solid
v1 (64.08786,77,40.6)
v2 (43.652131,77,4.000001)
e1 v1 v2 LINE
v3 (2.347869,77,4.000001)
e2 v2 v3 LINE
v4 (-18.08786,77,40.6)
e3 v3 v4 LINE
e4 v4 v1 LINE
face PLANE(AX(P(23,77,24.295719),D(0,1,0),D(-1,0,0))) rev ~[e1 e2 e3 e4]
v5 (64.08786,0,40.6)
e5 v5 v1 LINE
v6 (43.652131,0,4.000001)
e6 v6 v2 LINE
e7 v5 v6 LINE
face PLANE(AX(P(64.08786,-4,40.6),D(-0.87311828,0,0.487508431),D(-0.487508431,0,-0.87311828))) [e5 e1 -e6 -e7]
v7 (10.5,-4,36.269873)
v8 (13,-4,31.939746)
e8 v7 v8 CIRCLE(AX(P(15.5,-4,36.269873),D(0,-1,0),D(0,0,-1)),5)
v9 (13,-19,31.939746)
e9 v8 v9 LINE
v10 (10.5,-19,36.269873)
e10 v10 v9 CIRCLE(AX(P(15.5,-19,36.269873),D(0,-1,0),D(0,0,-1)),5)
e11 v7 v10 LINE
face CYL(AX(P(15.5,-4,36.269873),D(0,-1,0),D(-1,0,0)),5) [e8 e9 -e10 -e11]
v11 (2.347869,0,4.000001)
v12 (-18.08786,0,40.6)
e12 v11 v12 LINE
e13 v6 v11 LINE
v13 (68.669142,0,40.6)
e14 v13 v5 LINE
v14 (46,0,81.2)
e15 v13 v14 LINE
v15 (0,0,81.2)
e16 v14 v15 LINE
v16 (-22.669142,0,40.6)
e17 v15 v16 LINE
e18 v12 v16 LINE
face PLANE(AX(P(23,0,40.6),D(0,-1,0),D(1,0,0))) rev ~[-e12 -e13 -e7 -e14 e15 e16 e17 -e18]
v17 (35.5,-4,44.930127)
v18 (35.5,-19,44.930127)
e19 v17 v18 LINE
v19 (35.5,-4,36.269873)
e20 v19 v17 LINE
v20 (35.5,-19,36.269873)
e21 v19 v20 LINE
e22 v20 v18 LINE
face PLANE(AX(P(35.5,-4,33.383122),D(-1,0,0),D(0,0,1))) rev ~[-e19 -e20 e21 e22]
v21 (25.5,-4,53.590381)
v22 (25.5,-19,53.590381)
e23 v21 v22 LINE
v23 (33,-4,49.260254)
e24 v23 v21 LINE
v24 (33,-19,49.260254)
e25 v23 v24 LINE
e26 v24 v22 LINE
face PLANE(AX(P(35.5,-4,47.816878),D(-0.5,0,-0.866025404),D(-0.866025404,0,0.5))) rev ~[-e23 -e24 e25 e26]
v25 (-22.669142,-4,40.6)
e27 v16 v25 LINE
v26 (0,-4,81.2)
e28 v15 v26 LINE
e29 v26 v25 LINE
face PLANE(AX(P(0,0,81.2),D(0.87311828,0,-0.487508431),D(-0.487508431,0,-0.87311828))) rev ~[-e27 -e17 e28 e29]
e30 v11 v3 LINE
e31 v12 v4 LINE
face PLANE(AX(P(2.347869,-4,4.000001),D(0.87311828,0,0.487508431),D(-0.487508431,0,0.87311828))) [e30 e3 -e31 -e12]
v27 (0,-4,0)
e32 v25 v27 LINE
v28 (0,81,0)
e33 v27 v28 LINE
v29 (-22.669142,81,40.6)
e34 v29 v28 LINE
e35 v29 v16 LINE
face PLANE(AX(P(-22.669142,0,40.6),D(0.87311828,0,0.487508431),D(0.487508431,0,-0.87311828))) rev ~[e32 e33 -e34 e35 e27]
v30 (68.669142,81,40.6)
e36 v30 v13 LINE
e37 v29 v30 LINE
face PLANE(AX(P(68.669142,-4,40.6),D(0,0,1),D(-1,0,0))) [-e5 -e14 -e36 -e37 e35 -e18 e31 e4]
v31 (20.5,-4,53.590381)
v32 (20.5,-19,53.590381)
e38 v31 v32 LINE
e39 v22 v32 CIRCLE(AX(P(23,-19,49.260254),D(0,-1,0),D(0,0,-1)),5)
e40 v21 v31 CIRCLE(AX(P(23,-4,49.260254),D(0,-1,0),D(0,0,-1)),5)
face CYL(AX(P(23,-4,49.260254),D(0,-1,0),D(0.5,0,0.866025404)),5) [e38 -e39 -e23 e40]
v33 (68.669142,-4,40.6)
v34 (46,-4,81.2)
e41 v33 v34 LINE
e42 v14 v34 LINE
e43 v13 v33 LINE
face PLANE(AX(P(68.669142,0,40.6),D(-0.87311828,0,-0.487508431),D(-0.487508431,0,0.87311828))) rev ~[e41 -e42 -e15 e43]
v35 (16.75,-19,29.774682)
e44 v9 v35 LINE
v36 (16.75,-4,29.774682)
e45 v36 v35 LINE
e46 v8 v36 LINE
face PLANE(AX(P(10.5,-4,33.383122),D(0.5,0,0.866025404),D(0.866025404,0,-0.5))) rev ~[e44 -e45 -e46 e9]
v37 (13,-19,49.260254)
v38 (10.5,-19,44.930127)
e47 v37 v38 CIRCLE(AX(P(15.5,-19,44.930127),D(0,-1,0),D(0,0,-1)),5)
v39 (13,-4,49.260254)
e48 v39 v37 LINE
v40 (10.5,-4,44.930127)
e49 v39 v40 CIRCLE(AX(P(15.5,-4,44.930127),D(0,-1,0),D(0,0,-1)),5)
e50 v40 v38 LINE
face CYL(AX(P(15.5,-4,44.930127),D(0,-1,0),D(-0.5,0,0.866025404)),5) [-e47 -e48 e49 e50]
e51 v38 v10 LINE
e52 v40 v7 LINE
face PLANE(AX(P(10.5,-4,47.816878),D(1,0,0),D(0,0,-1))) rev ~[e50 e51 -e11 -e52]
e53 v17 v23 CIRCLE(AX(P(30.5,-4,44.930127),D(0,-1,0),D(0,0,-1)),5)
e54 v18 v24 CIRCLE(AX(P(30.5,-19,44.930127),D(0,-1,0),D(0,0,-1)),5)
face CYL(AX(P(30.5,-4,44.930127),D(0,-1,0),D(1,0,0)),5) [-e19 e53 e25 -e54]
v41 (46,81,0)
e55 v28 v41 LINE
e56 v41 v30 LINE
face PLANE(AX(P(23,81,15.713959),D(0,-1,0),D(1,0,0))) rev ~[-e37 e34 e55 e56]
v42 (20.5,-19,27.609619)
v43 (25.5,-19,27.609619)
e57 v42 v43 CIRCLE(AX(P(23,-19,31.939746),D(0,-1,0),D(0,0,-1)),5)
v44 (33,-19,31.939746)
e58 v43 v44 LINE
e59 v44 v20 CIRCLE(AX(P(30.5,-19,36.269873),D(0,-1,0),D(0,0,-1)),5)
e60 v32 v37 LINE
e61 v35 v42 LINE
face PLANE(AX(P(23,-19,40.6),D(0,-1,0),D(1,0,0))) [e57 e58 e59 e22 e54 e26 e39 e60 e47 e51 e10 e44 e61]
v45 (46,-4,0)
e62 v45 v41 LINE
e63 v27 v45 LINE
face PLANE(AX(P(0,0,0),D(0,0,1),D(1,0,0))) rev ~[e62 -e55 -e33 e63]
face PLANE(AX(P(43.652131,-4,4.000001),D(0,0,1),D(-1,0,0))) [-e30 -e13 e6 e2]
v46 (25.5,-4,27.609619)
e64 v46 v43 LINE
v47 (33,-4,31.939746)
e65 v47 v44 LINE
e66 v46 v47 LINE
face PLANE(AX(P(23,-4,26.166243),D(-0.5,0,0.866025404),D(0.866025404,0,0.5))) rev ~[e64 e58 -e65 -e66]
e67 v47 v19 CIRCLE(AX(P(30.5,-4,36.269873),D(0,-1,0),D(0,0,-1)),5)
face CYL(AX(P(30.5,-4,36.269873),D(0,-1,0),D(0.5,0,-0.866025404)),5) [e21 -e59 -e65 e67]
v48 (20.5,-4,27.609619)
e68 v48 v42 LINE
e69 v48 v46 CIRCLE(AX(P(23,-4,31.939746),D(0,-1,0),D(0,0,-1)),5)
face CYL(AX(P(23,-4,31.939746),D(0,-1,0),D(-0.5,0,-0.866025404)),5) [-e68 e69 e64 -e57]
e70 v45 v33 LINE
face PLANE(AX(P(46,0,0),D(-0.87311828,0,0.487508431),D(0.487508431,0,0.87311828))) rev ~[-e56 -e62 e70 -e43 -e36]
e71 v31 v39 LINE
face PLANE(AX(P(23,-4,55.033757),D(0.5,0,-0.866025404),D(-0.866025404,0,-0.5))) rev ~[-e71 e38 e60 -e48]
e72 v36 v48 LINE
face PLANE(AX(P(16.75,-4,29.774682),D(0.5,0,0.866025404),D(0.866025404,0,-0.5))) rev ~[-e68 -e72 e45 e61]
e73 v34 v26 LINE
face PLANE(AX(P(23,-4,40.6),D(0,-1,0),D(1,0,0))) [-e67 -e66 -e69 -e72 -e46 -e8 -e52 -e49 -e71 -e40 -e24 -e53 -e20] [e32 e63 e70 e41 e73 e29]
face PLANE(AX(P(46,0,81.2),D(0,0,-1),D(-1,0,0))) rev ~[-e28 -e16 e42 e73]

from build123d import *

# Parameters (mm, degrees)
F1_DEPTH = 4
F3_DEPTH = 15
F4_R     = 5
F6_DEPTH = 85
F8_DEPTH = 4


with BuildPart() as f1:
    # F0 (on Front) → F1 (new body)
    with BuildSketch(Plane.XZ):
        Polygon((-22.6691420217, 40.6), (0, 0), (23, 0), (46, 0), (68.6691420217, 40.6), (46, 81.2), (0, 81.2), align=None)
    extrude(amount=F1_DEPTH)

    # F2 (on face) → F3 (join)
    with BuildSketch(Plane.XZ.offset(4)):
        with BuildLine():
            ThreePointArc((29.2500001164, 29.7746825199), (33.8253175809, 34.3500000582), (35.5, 40.6))
            ThreePointArc((35.5, 40.6), (33.8253175809, 46.8499999418), (29.2500001164, 51.4253174801))
            ThreePointArc((29.2500001164, 51.4253174801), (23, 53.1), (16.7499998836, 51.4253174801))
            ThreePointArc((16.7499998836, 51.4253174801), (12.1746824191, 46.8499999418), (10.5, 40.6))
            ThreePointArc((10.5, 40.6), (12.1746825605, 34.3499998133), (16.7500003734, 29.7746822371))
            ThreePointArc((16.7500003734, 29.7746822371), (23.0000002828, 28.1), (29.2500001164, 29.7746825199))
        make_face()
        with BuildLine():
            Line((35.5, 33.3831216351), (35.5, 40.6))
            ThreePointArc((35.5, 40.6), (33.8253175809, 34.3500000582), (29.2500001164, 29.7746825199))
            Line((29.2500001164, 29.7746825199), (35.5, 33.3831216351))
        make_face()
        with BuildLine():
            ThreePointArc((29.2500001164, 51.4253174801), (33.8253175809, 46.8499999418), (35.5, 40.6))
            Line((35.5, 40.6), (35.5, 47.8168783649))
            Line((35.5, 47.8168783649), (29.2500001164, 51.4253174801))
        make_face()
        with BuildLine():
            ThreePointArc((16.7499998836, 51.4253174801), (23, 53.1), (29.2500001164, 51.4253174801))
            Line((29.2500001164, 51.4253174801), (23, 55.0337567297))
            Line((23, 55.0337567297), (16.7499998836, 51.4253174801))
        make_face()
        with BuildLine():
            Line((23, 26.1662432703), (29.2500001164, 29.7746825199))
            ThreePointArc((29.2500001164, 29.7746825199), (23.0000002828, 28.1), (16.7500003734, 29.7746822371))
            Line((16.7500003734, 29.7746822371), (23, 26.1662432703))
        make_face()
        with BuildLine():
            ThreePointArc((10.5, 40.6), (12.1746824191, 46.8499999418), (16.7499998836, 51.4253174801))
            Line((16.7499998836, 51.4253174801), (10.5, 47.8168783649))
            Line((10.5, 47.8168783649), (10.5, 40.6))
        make_face()
        with BuildLine():
            Line((10.5, 33.3831216351), (16.7500003734, 29.7746822371))
            ThreePointArc((16.7500003734, 29.7746822371), (12.1746825605, 34.3499998133), (10.5, 40.6))
            Line((10.5, 40.6), (10.5, 33.3831216351))
        make_face()
    extrude(amount=F3_DEPTH)

    # F4
    f4_edges = [f1.edges().sort_by_distance(p)[0] for p in [
        (35.5, -11.5, 47.816878),
        (23, -11.5, 55.033757),
        (10.5, -11.5, 47.816878),
        (35.5, -11.5, 33.383122),
        (23, -11.5, 26.166243),
        (10.5, -11.5, 33.383122),
    ]]
    fillet(f4_edges, radius=F4_R)

    # F5 (on face) → F6 (join)
    with BuildSketch(Plane.XZ.offset(4)):
        Polygon((64.0878597141, 40.6), (43.6521314402, 4.0000013266), (2.3478685598, 4.0000013266), (-18.0878597141, 40.6), (-22.6691420217, 40.6), (0, 0), (46, 0), (68.6691420217, 40.6), align=None)
    extrude(amount=-F6_DEPTH)

    # F7 (on face) → F8 (join)
    with BuildSketch(Plane(origin=(0, 81, 0), x_dir=(-1, 0, 0), z_dir=(0, 1, 0))):
        Polygon((22.6691420217, 40.6), (-68.6691420217, 40.6), (-46, 0), (0, 0), align=None)
    extrude(amount=-F8_DEPTH)


solid = f1.part
